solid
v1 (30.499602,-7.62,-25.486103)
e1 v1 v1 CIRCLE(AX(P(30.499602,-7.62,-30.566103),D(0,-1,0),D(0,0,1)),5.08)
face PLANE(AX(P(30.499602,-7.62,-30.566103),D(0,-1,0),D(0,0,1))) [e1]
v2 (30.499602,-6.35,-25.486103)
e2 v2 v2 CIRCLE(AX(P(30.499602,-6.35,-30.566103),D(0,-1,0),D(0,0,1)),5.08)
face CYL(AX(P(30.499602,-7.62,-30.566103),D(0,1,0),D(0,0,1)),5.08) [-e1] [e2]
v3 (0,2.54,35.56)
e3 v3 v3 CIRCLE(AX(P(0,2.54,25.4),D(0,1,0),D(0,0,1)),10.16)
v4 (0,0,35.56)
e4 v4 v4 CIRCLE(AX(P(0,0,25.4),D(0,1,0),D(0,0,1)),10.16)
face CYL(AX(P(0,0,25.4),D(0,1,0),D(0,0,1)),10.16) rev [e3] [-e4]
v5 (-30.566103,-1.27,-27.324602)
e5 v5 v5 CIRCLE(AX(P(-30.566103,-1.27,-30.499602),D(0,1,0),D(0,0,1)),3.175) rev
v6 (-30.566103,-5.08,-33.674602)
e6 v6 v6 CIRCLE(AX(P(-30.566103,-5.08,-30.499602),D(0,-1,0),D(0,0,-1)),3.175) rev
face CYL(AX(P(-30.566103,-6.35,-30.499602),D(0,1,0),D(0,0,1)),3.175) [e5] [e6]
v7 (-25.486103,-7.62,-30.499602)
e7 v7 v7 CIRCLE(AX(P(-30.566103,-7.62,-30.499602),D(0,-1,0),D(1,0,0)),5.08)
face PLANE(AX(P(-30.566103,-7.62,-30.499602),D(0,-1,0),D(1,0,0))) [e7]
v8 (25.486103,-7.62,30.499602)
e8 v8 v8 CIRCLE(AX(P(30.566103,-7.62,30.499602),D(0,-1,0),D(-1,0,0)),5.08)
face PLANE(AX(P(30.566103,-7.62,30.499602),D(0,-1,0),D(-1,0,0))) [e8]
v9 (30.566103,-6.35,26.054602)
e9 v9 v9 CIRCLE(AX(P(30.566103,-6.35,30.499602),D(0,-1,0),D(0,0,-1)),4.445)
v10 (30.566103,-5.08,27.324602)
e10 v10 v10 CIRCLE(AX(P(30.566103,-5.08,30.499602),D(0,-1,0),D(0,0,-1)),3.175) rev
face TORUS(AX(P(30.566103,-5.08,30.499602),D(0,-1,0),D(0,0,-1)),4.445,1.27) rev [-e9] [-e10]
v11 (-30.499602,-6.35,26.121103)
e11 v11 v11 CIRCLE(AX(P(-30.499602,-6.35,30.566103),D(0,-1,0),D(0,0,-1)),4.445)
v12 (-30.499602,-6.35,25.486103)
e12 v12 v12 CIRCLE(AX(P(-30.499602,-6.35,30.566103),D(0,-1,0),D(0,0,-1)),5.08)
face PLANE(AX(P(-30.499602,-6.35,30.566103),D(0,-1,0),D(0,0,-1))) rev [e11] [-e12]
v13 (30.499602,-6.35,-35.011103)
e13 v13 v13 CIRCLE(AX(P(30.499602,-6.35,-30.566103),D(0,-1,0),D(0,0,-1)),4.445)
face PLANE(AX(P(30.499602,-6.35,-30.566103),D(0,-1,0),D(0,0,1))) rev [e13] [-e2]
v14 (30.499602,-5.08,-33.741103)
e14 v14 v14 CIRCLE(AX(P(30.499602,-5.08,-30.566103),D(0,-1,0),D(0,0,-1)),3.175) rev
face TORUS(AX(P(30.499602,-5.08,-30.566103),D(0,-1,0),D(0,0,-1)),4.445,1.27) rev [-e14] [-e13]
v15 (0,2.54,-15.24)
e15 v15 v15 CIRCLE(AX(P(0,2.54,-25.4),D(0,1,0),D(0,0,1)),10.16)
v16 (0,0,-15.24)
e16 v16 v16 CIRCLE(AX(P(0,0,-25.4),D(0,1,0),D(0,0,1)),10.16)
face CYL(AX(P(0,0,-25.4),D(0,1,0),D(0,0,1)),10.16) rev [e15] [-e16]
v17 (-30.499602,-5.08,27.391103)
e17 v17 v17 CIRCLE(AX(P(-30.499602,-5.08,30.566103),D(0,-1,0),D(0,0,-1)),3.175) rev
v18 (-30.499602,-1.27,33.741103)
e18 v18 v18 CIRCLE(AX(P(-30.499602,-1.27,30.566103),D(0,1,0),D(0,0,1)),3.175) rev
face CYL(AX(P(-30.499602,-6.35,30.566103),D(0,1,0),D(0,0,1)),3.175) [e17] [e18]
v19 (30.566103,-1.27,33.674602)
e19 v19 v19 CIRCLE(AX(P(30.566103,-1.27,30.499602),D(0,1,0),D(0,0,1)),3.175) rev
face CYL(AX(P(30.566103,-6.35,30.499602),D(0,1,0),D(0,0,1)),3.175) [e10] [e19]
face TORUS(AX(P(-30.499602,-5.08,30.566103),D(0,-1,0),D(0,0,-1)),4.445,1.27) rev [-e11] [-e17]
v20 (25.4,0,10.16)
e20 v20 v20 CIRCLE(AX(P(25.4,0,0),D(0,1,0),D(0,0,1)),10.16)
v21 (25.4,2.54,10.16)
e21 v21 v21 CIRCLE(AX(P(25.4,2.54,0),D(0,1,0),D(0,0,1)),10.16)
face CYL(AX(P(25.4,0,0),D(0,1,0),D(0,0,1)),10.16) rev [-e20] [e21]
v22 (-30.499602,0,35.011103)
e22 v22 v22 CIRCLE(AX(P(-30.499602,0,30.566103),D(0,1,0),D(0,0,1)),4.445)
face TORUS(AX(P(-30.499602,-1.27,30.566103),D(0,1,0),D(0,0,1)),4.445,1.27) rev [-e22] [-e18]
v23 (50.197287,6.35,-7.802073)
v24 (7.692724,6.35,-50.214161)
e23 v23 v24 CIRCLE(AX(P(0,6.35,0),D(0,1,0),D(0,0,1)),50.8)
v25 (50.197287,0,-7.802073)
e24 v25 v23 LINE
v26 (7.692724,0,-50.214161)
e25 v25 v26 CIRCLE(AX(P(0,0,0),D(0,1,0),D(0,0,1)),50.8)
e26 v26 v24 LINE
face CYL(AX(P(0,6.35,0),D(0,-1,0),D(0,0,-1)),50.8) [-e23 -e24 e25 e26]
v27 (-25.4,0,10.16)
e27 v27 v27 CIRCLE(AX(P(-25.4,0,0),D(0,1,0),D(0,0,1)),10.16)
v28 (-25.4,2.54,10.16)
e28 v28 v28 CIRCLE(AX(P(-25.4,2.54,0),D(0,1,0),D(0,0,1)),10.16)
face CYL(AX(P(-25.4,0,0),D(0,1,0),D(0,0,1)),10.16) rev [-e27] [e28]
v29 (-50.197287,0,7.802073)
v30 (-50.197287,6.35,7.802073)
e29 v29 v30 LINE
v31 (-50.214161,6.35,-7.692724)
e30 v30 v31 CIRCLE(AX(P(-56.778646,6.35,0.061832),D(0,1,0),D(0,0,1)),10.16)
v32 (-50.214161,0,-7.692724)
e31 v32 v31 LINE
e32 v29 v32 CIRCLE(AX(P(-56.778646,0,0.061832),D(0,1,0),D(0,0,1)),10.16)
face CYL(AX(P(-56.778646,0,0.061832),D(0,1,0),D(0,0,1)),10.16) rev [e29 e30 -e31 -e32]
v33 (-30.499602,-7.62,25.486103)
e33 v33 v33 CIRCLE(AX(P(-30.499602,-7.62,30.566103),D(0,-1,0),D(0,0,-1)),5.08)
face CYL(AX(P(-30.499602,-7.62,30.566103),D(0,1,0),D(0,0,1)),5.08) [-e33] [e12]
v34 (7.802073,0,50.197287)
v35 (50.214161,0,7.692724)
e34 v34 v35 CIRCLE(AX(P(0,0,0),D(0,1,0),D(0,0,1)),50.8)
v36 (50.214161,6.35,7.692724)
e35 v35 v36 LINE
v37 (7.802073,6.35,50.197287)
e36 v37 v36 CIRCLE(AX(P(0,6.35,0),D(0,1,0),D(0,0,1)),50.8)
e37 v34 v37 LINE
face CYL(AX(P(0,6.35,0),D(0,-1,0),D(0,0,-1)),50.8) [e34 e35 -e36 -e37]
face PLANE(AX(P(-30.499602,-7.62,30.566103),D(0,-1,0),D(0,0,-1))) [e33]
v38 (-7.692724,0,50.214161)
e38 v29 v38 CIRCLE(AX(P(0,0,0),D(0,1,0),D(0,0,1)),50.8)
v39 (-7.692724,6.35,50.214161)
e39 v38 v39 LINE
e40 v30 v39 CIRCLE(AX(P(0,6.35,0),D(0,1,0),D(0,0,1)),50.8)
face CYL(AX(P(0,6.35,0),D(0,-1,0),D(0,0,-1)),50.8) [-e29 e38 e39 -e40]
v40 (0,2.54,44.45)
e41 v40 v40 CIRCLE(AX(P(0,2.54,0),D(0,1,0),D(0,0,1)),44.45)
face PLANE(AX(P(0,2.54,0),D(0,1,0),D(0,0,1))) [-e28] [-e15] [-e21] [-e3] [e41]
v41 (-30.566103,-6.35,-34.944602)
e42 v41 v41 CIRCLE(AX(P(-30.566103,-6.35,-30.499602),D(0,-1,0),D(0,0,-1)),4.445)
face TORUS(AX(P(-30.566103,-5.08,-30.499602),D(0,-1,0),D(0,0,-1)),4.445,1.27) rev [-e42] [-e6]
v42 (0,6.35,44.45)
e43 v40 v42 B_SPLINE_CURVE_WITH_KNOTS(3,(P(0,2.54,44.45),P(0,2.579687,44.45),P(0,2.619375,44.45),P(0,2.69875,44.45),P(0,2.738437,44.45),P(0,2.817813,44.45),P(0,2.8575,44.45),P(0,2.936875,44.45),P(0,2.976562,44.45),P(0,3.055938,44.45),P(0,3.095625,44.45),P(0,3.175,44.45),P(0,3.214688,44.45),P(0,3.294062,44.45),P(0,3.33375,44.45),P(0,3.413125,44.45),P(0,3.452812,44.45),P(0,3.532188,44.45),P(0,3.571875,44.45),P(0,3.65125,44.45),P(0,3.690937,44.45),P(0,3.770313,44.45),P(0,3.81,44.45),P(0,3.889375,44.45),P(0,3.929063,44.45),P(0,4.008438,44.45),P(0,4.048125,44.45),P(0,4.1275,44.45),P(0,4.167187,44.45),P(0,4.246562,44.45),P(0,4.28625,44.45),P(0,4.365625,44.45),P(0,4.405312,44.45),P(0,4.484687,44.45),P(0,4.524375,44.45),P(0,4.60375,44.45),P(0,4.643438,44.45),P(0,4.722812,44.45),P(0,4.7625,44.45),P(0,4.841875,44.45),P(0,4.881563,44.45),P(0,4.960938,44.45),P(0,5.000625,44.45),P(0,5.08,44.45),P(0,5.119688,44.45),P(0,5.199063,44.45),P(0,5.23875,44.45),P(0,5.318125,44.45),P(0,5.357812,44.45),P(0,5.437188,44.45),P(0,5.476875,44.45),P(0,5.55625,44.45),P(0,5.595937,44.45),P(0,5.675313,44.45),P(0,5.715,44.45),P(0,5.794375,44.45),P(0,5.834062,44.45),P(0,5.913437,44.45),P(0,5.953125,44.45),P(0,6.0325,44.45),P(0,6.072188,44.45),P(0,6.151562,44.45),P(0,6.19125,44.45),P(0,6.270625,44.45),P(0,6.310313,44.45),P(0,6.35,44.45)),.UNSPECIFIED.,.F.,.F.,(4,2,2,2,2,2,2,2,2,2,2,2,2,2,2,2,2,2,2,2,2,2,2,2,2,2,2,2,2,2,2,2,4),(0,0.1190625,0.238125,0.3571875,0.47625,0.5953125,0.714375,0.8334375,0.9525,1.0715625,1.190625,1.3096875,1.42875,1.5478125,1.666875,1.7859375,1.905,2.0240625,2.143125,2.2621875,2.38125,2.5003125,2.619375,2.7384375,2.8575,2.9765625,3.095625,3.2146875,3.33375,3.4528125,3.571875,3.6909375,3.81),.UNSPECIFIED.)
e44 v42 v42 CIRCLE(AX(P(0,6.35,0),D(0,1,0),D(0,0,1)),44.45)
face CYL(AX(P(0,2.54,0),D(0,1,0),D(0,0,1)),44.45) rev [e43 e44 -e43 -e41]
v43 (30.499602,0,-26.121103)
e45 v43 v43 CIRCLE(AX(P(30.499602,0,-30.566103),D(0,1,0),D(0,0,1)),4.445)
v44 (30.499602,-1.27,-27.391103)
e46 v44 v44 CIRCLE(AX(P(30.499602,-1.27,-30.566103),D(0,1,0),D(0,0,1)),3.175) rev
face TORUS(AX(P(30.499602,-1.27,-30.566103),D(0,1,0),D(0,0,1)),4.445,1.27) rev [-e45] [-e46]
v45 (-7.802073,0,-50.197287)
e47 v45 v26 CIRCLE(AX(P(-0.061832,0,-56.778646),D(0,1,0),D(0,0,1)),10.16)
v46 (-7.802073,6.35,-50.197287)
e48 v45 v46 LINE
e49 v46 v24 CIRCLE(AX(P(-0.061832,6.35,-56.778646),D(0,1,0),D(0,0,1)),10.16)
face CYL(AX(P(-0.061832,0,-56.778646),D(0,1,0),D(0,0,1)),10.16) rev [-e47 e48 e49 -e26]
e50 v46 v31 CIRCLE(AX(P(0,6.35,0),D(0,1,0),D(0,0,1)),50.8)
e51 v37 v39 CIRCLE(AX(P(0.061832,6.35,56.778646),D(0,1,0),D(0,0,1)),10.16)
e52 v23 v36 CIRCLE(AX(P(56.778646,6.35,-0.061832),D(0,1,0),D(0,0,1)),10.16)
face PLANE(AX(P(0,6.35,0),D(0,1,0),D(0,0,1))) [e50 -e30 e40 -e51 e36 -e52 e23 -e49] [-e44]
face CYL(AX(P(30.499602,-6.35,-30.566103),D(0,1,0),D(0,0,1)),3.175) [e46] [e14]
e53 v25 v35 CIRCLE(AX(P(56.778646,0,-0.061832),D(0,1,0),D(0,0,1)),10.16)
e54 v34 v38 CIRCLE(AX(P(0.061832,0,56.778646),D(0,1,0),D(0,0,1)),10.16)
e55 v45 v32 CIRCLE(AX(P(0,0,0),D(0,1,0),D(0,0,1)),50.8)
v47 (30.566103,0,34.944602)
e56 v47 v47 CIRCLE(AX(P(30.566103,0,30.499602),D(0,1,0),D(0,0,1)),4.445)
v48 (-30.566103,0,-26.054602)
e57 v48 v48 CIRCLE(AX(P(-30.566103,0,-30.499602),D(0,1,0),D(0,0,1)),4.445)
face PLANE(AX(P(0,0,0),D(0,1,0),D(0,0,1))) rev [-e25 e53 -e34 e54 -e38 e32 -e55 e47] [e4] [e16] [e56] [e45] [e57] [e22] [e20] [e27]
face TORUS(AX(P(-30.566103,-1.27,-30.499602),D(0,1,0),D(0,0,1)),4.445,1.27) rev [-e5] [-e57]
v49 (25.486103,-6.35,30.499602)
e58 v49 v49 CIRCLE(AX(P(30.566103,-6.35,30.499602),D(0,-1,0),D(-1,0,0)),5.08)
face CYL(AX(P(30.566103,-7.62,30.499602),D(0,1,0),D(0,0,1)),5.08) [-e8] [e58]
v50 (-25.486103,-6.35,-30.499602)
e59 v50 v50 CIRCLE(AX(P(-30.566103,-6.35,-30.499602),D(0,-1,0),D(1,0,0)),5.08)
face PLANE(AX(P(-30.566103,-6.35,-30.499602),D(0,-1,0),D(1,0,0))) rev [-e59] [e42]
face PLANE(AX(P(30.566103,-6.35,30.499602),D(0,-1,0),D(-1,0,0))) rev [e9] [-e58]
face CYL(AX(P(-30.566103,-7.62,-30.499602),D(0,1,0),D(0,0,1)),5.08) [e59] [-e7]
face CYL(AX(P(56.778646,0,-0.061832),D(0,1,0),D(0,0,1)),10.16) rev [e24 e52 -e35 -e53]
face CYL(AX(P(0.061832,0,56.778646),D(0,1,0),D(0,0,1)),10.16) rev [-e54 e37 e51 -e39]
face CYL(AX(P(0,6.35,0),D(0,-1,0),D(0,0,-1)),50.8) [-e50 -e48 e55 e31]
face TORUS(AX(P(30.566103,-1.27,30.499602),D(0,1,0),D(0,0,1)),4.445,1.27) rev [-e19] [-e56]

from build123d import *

# Parameters (mm, degrees)
SKETCH1_R                = 50.8
BOSS_EXTRUDE1_DEPTH      = 6.35
SKETCH2_R                = 44.45
CUT_EXTRUDE1_DEPTH       = 3.81
SKETCH3_R                = 10.16
CUT_EXTRUDE2_DEPTH       = 73.122135992
SKETCH5_R                = 3.175
BOSS_EXTRUDE3_DEPTH      = 6.35
SKETCH6_R                = 5.08
BOSS_EXTRUDE4_DEPTH      = 1.27
FILLET1_R                = 1.27
CIRPATTERN1_COUNT        = 4
FILLET1_OF_CIRPATTERN1_R = 1.27


with BuildPart() as part:
    # Sketch1 → Boss-Extrude1 (new body)
    with BuildSketch(Plane(origin=(0, 0, 0), x_dir=(1, 0, 0), z_dir=(0, 1, 0))):
        with Locations(Location((0, 0, 0), (0, 0, 270))):
            Circle(SKETCH1_R)
    extrude(amount=BOSS_EXTRUDE1_DEPTH)

    # Sketch2 → Cut-Extrude1 (cut)
    with BuildSketch(Plane(origin=(0, 6.35, 0), x_dir=(1, 0, 0), z_dir=(0, 1, 0))):
        with Locations(Location((0, 0, 0), (0, 0, 270))):
            Circle(SKETCH2_R)
    extrude(amount=-CUT_EXTRUDE1_DEPTH, mode=Mode.SUBTRACT)

    # Sketch3 → Cut-Extrude2 (cut, through all)
    with BuildSketch(Plane(origin=(0, 6.35, 0), x_dir=(1, 0, 0), z_dir=(0, 1, 0))):
        with Locations(Location((-25.4, 0, 0), (0, 0, 270))):
            Circle(SKETCH3_R)
        with Locations(Location((0, 25.4, 0), (0, 0, 270))):
            Circle(SKETCH3_R)
        with Locations(Location((25.4, 0, 0), (0, 0, 270))):
            Circle(SKETCH3_R)
        with Locations(Location((0, -25.4, 0), (0, 0, 270))):
            Circle(SKETCH3_R)
        with BuildLine():
            ThreePointArc((50.197287423, 7.802072504), (46.618651681, 0.050767717), (50.214161259, -7.692724424))
            ThreePointArc((50.214161259, -7.692724424), (50.799969878, 0.055321173), (50.197287423, 7.802072504))
        make_face()
        with BuildLine():
            ThreePointArc((-7.692724424, -50.214161259), (0.055321173, -50.799969878), (7.802072504, -50.197287423))
            ThreePointArc((7.802072504, -50.197287423), (0.050767717, -46.618651681), (-7.692724424, -50.214161259))
        make_face()
        with BuildLine():
            ThreePointArc((-50.214161259, 7.692724424), (-50.799969878, -0.055321173), (-50.197287423, -7.802072504))
            ThreePointArc((-50.197287423, -7.802072504), (-46.618651681, -0.050767717), (-50.214161259, 7.692724424))
        make_face()
        with BuildLine():
            ThreePointArc((7.692724424, 50.214161259), (-0.055321173, 50.799969878), (-7.802072504, 50.197287423))
            ThreePointArc((-7.802072504, 50.197287423), (-0.050767717, 46.618651681), (7.692724424, 50.214161259))
        make_face()
    extrude(amount=-CUT_EXTRUDE2_DEPTH, mode=Mode.SUBTRACT)

    # Sketch5 → Boss-Extrude3 (add)
    with BuildSketch(Plane.XZ):
        with Locations(Location((-30.499602427, 30.566102987, 0), (0, 0, 90))):
            Circle(SKETCH5_R)
    boss_extrude3 = extrude(amount=BOSS_EXTRUDE3_DEPTH)

    # Sketch6 → Boss-Extrude4 (add)
    with BuildSketch(Plane.XZ.offset(6.35)):
        with Locations(Location((-30.499602427, 30.566102987, 0), (0, 0, 270))):
            Circle(SKETCH6_R)
    boss_extrude4 = extrude(amount=BOSS_EXTRUDE4_DEPTH)

    # Fillet1
    fillet1_edges = [part.edges().sort_by_distance(p)[0] for p in [
        (-30.499602427, 0, 27.391102987),
        (-30.499602427, -6.35, 27.391102987),
    ]]
    fillet(fillet1_edges, radius=FILLET1_R)

    # CirPattern1: Boss-Extrude3, Boss-Extrude4 ×4 about axis
    cirpattern1_axis = Axis((0, 0, 0), (0, 1, 0))
    add([boss_extrude3.rotate(cirpattern1_axis, i * 360 / CIRPATTERN1_COUNT) for i in range(1, CIRPATTERN1_COUNT)])
    add([boss_extrude4.rotate(cirpattern1_axis, i * 360 / CIRPATTERN1_COUNT) for i in range(1, CIRPATTERN1_COUNT)])

    # Fillet1 of CirPattern1
    fillet1_of_cirpattern1_edges = [part.edges().sort_by_distance(p)[0] for p in [
        (27.391102987, 0, 30.499602427),
        (27.391102987, -6.35, 30.499602427),
        (30.499602427, 0, -27.391102987),
        (30.499602427, -6.35, -27.391102987),
        (-27.391102987, 0, -30.499602427),
        (-27.391102987, -6.35, -30.499602427),
    ]]
    fillet(fillet1_of_cirpattern1_edges, radius=FILLET1_OF_CIRPATTERN1_R)


solid = part.part
